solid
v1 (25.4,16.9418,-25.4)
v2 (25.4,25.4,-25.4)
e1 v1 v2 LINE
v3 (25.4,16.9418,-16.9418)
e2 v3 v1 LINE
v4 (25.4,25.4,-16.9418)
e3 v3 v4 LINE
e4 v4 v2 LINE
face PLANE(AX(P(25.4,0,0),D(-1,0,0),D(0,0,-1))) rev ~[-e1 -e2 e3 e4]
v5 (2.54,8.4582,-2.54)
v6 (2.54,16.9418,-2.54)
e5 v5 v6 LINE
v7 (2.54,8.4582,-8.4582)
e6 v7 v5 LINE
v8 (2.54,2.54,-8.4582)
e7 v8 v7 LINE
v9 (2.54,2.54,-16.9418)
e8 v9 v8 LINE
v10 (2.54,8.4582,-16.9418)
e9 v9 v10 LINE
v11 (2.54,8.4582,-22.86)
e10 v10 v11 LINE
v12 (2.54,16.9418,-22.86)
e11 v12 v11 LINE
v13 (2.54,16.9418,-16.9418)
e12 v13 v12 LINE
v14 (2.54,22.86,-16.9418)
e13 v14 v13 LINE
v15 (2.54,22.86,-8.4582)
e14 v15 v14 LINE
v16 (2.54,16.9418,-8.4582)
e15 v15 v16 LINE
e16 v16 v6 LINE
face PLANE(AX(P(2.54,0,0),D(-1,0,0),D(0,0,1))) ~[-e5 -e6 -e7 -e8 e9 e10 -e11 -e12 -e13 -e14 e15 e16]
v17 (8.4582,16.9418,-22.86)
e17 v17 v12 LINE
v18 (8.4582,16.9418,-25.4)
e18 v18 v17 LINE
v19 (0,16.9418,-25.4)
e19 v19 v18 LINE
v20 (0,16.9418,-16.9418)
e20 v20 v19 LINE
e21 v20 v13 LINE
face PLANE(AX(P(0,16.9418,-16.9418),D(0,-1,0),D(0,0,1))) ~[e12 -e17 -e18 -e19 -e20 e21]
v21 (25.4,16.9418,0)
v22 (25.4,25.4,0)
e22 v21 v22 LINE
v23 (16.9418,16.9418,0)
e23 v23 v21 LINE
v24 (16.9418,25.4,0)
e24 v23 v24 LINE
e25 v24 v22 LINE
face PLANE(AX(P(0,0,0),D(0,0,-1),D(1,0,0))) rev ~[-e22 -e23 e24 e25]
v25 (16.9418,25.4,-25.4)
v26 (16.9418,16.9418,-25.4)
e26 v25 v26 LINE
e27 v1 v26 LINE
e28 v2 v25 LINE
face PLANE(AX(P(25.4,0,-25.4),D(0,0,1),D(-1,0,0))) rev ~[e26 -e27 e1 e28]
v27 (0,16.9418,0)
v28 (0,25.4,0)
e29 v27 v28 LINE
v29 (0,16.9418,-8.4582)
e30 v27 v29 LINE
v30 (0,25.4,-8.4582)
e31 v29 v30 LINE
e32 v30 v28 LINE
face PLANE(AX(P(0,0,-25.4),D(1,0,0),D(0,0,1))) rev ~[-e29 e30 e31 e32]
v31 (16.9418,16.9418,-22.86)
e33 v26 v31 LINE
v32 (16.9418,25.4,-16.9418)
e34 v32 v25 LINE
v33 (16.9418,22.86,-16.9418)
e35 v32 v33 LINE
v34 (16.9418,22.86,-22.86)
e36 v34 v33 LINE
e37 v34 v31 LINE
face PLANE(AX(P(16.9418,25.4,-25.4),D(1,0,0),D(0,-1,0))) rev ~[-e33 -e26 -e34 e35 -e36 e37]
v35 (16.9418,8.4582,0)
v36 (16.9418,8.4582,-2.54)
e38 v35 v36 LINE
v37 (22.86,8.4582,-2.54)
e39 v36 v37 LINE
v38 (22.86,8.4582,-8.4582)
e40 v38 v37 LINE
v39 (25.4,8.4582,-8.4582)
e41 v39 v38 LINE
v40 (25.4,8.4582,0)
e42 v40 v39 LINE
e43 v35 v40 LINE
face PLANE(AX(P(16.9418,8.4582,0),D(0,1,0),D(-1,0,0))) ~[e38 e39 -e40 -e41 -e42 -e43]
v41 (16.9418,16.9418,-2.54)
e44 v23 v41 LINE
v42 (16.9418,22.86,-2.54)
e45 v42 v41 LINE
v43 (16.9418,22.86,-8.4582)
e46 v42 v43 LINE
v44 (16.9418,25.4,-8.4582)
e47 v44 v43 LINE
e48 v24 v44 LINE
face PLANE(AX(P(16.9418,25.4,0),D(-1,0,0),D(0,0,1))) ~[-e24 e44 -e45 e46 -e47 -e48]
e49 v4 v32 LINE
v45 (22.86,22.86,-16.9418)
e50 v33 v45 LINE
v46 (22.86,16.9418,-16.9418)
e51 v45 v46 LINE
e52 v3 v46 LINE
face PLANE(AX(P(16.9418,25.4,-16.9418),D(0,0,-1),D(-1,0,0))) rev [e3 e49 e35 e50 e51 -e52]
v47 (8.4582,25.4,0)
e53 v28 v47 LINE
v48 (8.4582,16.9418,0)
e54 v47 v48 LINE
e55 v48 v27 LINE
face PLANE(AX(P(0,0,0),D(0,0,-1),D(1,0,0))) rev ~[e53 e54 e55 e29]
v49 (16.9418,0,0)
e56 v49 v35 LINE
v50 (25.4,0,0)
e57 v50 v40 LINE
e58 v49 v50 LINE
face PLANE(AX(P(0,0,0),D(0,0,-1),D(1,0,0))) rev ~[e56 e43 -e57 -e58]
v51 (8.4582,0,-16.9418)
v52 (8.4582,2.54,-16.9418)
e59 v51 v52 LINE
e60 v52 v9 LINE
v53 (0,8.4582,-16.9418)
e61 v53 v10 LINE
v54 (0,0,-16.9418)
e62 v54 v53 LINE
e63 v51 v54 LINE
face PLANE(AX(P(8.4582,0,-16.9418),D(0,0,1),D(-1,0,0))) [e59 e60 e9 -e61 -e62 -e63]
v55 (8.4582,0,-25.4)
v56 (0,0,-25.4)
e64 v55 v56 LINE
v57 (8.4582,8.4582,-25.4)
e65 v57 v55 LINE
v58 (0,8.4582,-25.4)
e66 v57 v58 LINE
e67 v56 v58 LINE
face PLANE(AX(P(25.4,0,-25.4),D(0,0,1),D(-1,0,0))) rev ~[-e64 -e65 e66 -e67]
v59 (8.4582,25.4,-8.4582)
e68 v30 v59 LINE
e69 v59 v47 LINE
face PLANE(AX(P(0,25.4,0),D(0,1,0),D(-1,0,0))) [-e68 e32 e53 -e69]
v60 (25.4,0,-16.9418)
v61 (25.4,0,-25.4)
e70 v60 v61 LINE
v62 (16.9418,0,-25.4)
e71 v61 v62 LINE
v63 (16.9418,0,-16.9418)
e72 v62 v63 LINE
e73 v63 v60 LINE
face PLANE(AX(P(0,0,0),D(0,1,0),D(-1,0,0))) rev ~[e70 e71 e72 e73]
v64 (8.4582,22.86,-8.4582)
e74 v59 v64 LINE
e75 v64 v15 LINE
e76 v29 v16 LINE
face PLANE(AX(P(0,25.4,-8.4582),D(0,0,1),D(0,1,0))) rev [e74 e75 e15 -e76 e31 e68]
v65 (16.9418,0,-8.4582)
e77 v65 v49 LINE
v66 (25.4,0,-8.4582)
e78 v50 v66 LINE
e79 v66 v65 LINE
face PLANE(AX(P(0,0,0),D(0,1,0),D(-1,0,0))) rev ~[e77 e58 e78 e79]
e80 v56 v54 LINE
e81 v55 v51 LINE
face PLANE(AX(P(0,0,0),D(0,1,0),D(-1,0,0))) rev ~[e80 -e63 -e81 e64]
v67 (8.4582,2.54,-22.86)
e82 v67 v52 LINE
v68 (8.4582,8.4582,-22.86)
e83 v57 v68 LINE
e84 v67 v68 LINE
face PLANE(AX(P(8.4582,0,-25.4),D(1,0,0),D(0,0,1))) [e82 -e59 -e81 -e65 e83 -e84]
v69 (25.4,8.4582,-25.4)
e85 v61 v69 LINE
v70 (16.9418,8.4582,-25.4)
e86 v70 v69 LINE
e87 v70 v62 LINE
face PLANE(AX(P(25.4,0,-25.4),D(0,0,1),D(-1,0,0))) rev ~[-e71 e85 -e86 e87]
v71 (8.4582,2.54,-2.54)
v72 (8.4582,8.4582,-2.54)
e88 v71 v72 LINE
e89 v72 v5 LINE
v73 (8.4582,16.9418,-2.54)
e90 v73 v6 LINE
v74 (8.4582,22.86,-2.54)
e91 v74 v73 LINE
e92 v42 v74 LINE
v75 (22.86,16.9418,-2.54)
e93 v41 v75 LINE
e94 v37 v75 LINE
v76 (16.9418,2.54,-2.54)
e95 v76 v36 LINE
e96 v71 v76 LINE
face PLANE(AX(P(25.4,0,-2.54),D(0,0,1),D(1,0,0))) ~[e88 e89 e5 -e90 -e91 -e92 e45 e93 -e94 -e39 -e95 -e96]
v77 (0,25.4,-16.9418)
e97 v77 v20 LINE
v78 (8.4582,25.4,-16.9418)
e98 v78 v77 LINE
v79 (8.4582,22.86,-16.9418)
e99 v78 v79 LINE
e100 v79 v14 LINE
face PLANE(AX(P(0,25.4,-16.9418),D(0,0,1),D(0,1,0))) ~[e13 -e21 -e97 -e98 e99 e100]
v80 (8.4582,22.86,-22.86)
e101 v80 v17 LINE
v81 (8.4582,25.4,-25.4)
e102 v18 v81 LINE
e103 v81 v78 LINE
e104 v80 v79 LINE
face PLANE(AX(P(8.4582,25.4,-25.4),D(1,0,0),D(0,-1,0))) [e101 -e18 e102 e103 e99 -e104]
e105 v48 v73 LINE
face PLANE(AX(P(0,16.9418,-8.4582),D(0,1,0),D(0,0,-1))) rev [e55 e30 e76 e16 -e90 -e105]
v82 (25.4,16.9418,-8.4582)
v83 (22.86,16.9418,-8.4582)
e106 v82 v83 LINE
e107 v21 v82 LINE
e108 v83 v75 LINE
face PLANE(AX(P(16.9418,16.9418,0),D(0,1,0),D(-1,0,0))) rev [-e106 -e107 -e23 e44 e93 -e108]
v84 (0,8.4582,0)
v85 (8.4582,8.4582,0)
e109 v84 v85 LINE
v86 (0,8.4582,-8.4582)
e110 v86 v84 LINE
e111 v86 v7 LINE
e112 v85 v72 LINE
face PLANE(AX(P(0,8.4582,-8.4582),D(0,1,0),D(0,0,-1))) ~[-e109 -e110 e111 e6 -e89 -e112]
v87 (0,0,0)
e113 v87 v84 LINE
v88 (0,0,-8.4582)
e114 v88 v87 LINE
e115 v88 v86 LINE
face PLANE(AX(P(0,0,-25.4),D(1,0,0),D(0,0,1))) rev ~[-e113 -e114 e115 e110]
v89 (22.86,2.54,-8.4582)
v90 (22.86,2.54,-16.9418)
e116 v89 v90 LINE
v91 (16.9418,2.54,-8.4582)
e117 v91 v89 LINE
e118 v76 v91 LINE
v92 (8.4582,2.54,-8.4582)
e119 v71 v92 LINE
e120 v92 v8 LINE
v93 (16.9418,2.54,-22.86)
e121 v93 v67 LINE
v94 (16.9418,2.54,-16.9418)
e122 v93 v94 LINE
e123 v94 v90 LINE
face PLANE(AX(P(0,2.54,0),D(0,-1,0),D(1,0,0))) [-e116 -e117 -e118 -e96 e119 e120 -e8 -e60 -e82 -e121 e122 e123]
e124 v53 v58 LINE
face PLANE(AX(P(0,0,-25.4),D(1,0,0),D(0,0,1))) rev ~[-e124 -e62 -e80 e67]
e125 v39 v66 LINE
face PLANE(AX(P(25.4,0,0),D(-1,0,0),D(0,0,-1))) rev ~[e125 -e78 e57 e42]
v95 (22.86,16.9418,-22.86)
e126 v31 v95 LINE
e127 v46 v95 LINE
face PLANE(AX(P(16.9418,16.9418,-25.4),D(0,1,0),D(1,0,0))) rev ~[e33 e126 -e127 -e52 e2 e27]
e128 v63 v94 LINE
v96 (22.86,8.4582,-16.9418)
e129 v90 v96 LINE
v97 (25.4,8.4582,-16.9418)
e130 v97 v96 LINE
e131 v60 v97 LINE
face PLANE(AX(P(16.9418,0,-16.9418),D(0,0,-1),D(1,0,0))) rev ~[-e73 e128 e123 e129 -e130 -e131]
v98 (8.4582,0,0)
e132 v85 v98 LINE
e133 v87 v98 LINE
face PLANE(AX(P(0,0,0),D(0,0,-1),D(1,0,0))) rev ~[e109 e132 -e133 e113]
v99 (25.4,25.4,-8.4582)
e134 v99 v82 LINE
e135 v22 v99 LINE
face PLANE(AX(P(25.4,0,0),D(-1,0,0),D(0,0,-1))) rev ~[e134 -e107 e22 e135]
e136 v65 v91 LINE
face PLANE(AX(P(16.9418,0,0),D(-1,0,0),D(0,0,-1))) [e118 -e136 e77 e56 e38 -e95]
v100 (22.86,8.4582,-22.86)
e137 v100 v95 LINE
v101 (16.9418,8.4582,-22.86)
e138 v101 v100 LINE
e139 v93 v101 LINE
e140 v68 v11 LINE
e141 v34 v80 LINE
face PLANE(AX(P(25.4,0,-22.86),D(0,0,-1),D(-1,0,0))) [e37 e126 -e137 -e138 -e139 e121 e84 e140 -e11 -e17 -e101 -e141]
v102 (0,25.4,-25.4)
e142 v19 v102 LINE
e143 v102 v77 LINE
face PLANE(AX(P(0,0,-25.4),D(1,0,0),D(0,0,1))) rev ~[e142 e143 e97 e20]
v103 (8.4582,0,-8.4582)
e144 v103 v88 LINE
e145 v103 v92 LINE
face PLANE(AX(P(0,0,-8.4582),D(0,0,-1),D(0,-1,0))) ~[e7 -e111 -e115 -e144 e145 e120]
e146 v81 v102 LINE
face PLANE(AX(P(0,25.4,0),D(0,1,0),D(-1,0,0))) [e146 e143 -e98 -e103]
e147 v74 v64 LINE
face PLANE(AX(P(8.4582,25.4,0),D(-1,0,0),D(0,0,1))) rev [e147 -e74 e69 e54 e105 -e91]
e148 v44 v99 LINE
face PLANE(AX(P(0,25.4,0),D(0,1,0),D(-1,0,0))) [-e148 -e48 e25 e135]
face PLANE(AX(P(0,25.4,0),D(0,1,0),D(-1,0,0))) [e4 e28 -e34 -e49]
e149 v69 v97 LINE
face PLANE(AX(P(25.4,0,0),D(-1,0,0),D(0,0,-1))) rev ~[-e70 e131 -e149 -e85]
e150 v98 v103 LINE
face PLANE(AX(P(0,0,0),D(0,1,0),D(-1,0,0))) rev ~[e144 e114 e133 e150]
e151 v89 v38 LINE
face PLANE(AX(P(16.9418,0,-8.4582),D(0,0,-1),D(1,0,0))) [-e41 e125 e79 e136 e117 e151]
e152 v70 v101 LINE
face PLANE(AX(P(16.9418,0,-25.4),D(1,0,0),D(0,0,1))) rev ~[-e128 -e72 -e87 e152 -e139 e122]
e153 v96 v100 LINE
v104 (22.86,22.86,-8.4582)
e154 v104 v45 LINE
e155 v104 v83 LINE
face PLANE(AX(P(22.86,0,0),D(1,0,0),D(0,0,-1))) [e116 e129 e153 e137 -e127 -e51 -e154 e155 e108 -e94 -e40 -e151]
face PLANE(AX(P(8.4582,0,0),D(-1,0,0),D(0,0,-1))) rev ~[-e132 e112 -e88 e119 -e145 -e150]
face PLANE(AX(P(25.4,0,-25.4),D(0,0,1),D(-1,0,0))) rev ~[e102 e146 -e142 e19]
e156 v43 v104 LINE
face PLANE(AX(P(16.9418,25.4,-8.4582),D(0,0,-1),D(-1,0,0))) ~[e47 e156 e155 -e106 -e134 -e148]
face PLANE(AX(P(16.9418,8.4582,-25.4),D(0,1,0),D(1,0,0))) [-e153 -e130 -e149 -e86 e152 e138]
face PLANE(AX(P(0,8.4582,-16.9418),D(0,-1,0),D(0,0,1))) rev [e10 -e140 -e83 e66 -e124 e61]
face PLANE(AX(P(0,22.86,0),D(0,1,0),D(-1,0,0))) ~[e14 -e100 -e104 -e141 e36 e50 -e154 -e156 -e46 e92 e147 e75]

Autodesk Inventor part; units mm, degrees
sketch "Sketch1" plane through (0, 0, 0) normal (0, 1, 0) x (-1, 0, 0)
  line L0 (0, 0) -> (-25.4, 0)
  line L1 (-25.4, 0) -> (-25.4, -25.4)
  line L2 (-25.4, -25.4) -> (0, -25.4)
  line L3 (0, -25.4) -> (0, 0)
  dimension "d0" = 25.4
  dimension "d1" = 25.4
extrude "Extrusion1" add sketch "Sketch1" along normal blind 25.4
sketch "Sketch3" plane through (25.4, 0, 0) normal (1, 0, 0) x (0, 0, -1)
  line L0 (0, 25.4) -> (8.4582, 25.4)
  line L1 (8.4582, 25.4) -> (8.4582, 16.9418)
  line L2 (8.4582, 16.9418) -> (0, 16.9418)
  line L3 (0, 16.9418) -> (0, 25.4)
  line L4 (0, 0) -> (8.4582, 0)
  line L5 (8.4582, 0) -> (8.4582, 8.4582)
  line L6 (8.4582, 8.4582) -> (0, 8.4582)
  line L7 (0, 8.4582) -> (0, 0)
  line L8 (0, 0) -> (25.4, 0) projected
  line L9 (25.4, 0) -> (16.9418, 0)
  line L10 (16.9418, 0) -> (16.9418, 8.4582)
  line L11 (16.9418, 8.4582) -> (25.4, 8.4582)
  line L12 (25.4, 8.4582) -> (25.4, 0)
  line L13 (0, 25.4) -> (25.4, 25.4) projected
  line L14 (25.4, 25.4) -> (16.9418, 25.4)
  line L15 (16.9418, 25.4) -> (16.9418, 16.9418)
  line L16 (16.9418, 16.9418) -> (25.4, 16.9418)
  line L17 (25.4, 16.9418) -> (25.4, 25.4)
  line L18 (8.4582, 25.4) -> (16.9418, 25.4)
  line L19 (16.9418, 25.4) -> (16.9418, 0)
  line L20 (16.9418, 0) -> (8.4582, 0)
  line L21 (8.4582, 0) -> (8.4582, 25.4)
  line L22 (0, 16.9418) -> (25.4, 16.9418)
  line L23 (25.4, 16.9418) -> (25.4, 8.4582)
  line L24 (25.4, 8.4582) -> (0, 8.4582)
  line L25 (0, 8.4582) -> (0, 16.9418)
  dimension "d4" = 8.4582
  dimension "d5" = 8.4582
  dimension "d6" = 8.4582
  dimension "d7" = 8.4582
  dimension "d8" = 8.4582
  dimension "d9" = 8.4582
  dimension "d10" = 8.4582
  dimension "d11" = 8.4582
extrude "Extrusion2" cut sketch "Sketch3" against normal blind 2.54 contours L13 L15 L22 L1 | L2 L21 L6 L25 | L22 L19 L24 L21 | L24 L10 L8 L5 | L16 L23 L11 L19
sketch "Sketch5" plane through (25.4, 0, -25.4) normal (0, 0, -1) x (-1, 0, 0)
  line L0 (25.4, 0) -> (25.4, 25.4) projected
  line L1 (25.4, 0) -> (16.9418, 0)
  line L2 (16.9418, 0) -> (16.9418, 8.4582)
  line L3 (16.9418, 8.4582) -> (25.4, 8.4582)
  line L4 (25.4, 8.4582) -> (25.4, 0)
  line L5 (0, 0) -> (8.4582, 0)
  line L6 (8.4582, 0) -> (8.4582, 8.4582)
  line L7 (8.4582, 8.4582) -> (0, 8.4582)
  line L8 (0, 8.4582) -> (0, 0)
  line L9 (2.54, 25.4) -> (0, 25.4) projected
  line L10 (0, 25.4) -> (8.4582, 25.4)
  line L11 (8.4582, 25.4) -> (8.4582, 16.9418)
  line L12 (8.4582, 16.9418) -> (0, 16.9418)
  line L13 (0, 16.9418) -> (0, 25.4)
  line L14 (0, 25.4) -> (25.4, 25.4) projected
  line L15 (25.4, 25.4) -> (16.9418, 25.4)
  line L16 (16.9418, 25.4) -> (16.9418, 16.9418)
  line L17 (16.9418, 16.9418) -> (25.4, 16.9418)
  line L18 (25.4, 16.9418) -> (25.4, 25.4)
  line L19 (0, 8.4582) -> (2.54, 8.4582) projected
  line L20 (0, 8.4582) -> (25.4, 8.4582)
  line L21 (25.4, 8.4582) -> (25.4, 16.9418)
  line L22 (25.4, 16.9418) -> (0, 16.9418)
  line L23 (0, 16.9418) -> (0, 8.4582)
  line L24 (8.4582, 25.4) -> (16.9418, 25.4)
  line L25 (16.9418, 25.4) -> (16.9418, 0)
  line L26 (16.9418, 0) -> (8.4582, 0)
  line L27 (8.4582, 0) -> (8.4582, 25.4)
  dimension "d14" = 8.4582
  dimension "d15" = 8.4582
  dimension "d16" = 8.4582
  dimension "d17" = 8.4582
  dimension "d18" = 8.4582
  dimension "d19" = 8.4582
  dimension "d20" = 8.4582
  dimension "d21" = 8.4582
extrude "Extrusion3" cut sketch "Sketch5" against normal blind 2.54 contours L3 L25 L17 L0 | L26 L6 L20 L2 | L20 L27 L22 L25 | L22 L11 L14 L16 | L7 L23 L12 L27
sketch "Sketch7" plane through (0, 0, 0) normal (0, -1, 0) x (1, 0, 0)
  line L0 (25.4, -16.9418) -> (25.4, -25.4) projected
  line L1 (25.4, -25.4) -> (16.9418, -25.4)
  line L2 (16.9418, -25.4) -> (16.9418, -16.9418)
  line L3 (16.9418, -16.9418) -> (25.4, -16.9418)
  line L4 (25.4, -16.9418) -> (25.4, -25.4)
  line L5 (8.4582, -25.4) -> (0, -25.4) projected
  line L6 (0, -25.4) -> (8.4582, -25.4)
  line L7 (8.4582, -25.4) -> (8.4582, -16.9418)
  line L8 (8.4582, -16.9418) -> (0, -16.9418)
  line L9 (0, -16.9418) -> (0, -25.4)
  line L10 (25.4, -8.4582) -> (25.4, 0) projected
  line L11 (25.4, 0) -> (16.9418, 0)
  line L12 (16.9418, 0) -> (16.9418, -8.4582)
  line L13 (16.9418, -8.4582) -> (25.4, -8.4582)
  line L14 (25.4, -8.4582) -> (25.4, 0)
  line L15 (0, 0) -> (25.4, 0) projected
  line L16 (0, 0) -> (8.4582, 0)
  line L17 (8.4582, 0) -> (8.4582, -8.4582)
  line L18 (8.4582, -8.4582) -> (0, -8.4582)
  line L19 (0, -8.4582) -> (0, 0)
  line L20 (16.9418, -25.4) -> (8.4582, -25.4)
  line L21 (8.4582, -25.4) -> (8.4582, 0)
  line L22 (8.4582, 0) -> (16.9418, 0)
  line L23 (16.9418, 0) -> (16.9418, -25.4)
  line L24 (0, -16.9418) -> (25.4, -16.9418)
  line L25 (25.4, -16.9418) -> (25.4, -8.4582)
  line L26 (25.4, -8.4582) -> (0, -8.4582)
  line L27 (0, -8.4582) -> (0, -16.9418)
  dimension "d32" = 8.4582
  dimension "d33" = 8.4582
  dimension "d34" = 8.4582
  dimension "d35" = 8.4582
  dimension "d36" = 8.4582
  dimension "d37" = 8.4582
  dimension "d38" = 8.4582
  dimension "d39" = 8.4582
extrude "Extrusion4" cut sketch "Sketch7" against normal blind 2.54 contours L3 L23 L13 L25 | L24 L21 L26 L23 | L2 L20 L7 L24 | L26 L17 L15 L12 | L8 L27 L18 L21
ref_plane "Work Plane1" through (12.7, 0, 0) normal (1, 0, 0) x (0, 1, 0)
ref_plane "Work Plane2" through (0, 12.7, 0) normal (0, 1, 0) x (-1, 0, 0)
ref_plane "Work Plane3" through (0, 0, -12.7) normal (0, 0, 1) x (1, 0, 0)
mirror "Mirror1" about plane through (12.7, 0, 0) normal (1, 0, 0) of "Extrusion2"
mirror "Mirror2" about plane through (0, 0, -12.7) normal (0, 0, 1) of "Extrusion3"
mirror "Mirror3" about plane through (0, 12.7, 0) normal (0, 1, 0) of "Extrusion4"
ref_plane "Work Plane4" through (0, 12.7, 0) normal (0, 1, 0) x (-1, 0, 0)
properties part number "Portal"
